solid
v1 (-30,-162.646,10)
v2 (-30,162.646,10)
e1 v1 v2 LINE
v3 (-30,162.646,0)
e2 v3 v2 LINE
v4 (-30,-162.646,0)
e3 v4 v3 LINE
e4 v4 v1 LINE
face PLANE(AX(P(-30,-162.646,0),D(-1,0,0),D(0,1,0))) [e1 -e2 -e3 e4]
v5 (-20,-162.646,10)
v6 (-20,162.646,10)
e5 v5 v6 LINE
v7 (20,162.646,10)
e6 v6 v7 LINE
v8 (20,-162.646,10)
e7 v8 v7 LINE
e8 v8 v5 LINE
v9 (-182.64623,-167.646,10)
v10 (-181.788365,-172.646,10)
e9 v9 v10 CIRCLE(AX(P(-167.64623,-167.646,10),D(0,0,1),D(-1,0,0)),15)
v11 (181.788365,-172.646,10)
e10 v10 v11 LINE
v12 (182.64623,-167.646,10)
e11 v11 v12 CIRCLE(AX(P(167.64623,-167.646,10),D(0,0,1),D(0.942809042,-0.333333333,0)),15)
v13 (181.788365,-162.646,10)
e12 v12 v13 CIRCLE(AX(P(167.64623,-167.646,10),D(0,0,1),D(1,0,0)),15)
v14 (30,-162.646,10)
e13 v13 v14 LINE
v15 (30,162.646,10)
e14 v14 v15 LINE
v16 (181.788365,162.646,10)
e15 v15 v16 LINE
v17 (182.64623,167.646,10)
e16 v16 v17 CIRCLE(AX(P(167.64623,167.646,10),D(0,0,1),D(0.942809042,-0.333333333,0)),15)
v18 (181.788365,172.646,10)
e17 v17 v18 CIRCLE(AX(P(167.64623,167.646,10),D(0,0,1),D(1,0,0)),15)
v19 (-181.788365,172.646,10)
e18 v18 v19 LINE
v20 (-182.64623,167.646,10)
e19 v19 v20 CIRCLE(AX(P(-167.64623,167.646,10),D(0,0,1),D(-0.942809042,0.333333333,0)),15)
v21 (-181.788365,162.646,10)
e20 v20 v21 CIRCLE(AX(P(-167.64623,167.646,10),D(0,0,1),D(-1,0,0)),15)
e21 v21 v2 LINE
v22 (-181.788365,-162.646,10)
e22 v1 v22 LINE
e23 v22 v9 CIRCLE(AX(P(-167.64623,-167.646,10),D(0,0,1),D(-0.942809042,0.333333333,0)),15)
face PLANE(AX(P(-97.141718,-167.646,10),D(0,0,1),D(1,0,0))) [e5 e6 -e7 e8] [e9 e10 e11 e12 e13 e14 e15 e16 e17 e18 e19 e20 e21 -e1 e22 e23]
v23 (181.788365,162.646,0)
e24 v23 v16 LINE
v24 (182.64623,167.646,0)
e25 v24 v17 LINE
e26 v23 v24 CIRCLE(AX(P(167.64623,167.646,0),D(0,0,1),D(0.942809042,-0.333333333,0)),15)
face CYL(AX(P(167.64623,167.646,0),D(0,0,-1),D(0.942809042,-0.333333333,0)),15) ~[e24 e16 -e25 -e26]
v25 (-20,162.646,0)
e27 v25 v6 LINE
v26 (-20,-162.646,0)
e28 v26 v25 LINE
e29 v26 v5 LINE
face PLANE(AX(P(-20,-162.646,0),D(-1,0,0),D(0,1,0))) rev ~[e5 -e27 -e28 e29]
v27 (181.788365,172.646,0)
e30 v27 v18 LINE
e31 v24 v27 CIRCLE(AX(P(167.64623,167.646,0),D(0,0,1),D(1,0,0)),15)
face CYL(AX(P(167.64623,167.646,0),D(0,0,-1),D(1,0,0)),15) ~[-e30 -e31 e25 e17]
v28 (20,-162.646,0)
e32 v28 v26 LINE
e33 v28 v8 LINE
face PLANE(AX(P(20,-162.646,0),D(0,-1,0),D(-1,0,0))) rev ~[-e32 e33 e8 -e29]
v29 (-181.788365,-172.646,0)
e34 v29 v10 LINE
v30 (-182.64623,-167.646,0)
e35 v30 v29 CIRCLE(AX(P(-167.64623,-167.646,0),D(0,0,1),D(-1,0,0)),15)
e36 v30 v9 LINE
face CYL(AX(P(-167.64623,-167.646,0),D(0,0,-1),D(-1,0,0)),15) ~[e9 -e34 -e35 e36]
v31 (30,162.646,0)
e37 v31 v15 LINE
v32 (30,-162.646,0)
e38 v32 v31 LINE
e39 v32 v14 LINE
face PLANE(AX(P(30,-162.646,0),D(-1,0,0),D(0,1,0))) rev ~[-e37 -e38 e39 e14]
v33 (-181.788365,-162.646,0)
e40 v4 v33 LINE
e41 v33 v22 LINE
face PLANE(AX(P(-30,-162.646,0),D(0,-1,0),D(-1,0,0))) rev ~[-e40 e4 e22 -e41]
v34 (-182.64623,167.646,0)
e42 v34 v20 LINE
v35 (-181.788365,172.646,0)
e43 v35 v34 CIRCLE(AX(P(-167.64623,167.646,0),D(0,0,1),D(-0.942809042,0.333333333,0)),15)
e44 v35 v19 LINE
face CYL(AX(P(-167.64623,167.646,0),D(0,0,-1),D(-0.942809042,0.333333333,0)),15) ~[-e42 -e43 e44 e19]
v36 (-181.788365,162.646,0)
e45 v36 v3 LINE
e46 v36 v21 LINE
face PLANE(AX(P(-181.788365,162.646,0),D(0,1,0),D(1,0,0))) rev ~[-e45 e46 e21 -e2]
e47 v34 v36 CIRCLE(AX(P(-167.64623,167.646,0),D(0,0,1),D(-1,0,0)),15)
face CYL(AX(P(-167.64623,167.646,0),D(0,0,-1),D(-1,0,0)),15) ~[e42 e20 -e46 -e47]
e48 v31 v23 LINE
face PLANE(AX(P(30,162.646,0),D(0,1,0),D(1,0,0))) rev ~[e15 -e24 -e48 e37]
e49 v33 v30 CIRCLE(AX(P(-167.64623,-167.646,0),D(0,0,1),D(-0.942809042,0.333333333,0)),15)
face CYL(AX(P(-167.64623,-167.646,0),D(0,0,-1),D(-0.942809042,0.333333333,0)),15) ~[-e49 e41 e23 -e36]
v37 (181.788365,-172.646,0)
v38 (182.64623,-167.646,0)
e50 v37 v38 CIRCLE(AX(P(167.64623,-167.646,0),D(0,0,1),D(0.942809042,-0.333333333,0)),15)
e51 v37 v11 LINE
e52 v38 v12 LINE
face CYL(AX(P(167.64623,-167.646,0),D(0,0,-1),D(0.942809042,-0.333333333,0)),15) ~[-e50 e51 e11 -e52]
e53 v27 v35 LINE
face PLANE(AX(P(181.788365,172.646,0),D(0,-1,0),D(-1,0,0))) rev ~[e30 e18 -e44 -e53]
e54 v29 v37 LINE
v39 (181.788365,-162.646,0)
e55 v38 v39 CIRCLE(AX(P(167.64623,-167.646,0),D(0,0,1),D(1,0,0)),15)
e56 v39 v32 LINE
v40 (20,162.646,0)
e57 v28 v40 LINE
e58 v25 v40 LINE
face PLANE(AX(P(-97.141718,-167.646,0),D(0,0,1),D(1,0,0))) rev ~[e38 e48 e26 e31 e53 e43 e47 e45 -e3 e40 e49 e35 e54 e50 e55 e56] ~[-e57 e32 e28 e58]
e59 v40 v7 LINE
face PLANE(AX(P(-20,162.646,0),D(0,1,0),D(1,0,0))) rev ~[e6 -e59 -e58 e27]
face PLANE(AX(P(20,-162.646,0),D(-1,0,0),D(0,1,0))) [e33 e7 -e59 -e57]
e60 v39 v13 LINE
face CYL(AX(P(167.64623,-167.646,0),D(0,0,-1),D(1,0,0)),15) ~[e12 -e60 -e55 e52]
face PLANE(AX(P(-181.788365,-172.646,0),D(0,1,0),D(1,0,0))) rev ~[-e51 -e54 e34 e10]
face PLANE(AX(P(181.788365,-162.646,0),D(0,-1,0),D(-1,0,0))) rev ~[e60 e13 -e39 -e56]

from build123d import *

# Parameters (mm, degrees)
F0_W     = 10
F0_H     = 325.292
F1_DEPTH = 10


with BuildPart() as f1:
    # F0 (on Top) → F1 (new body)
    with BuildSketch(Plane.XY):
        with BuildLine():
            ThreePointArc((-40.6462298632, -167.646), (-40.6708480908, -165.1455152953), (-40.7446932294, -162.646))
            Line((-40.7446932294, -162.646), (-153.5040942394, -162.646))
            ThreePointArc((-153.5040942394, -162.646), (-152.8622514684, -165.1094703191), (-152.6462298632, -167.646))
            ThreePointArc((-152.6462298632, -167.646), (-152.8622514684, -170.1825296809), (-153.5040942394, -172.646))
            Line((-153.5040942394, -172.646), (-40.7446932294, -172.646))
            ThreePointArc((-40.7446932294, -172.646), (-40.6708480908, -170.1464847047), (-40.6462298632, -167.646))
        make_face()
        with BuildLine():
            Line((-20, -162.646), (-30, -162.646))
            Line((-30, -162.646), (-40.7446932294, -162.646))
            ThreePointArc((-40.7446932294, -162.646), (-40.6708480908, -165.1455152953), (-40.6462298632, -167.646))
            ThreePointArc((-40.6462298632, -167.646), (-40.6708480908, -170.1464847047), (-40.7446932294, -172.646))
            Line((-40.7446932294, -172.646), (0, -172.646))
            Line((0, -172.646), (40.7446932294, -172.646))
            ThreePointArc((40.7446932294, -172.646), (40.6462298632, -167.646), (40.7446932294, -162.646))
            Line((40.7446932294, -162.646), (30, -162.646))
            Line((30, -162.646), (20, -162.646))
            Line((20, -162.646), (0, -162.646))
            Line((0, -162.646), (-20, -162.646))
        make_face()
        with BuildLine():
            ThreePointArc((40.7446932294, -162.646), (40.6462298632, -167.646), (40.7446932294, -172.646))
            Line((40.7446932294, -172.646), (153.5040942394, -172.646))
            ThreePointArc((153.5040942394, -172.646), (152.6462298632, -167.646), (153.5040942394, -162.646))
            Line((153.5040942394, -162.646), (40.7446932294, -162.646))
        make_face()
        with BuildLine():
            ThreePointArc((153.5040942394, -162.646), (152.6462298632, -167.646), (153.5040942394, -172.646))
            Line((153.5040942394, -172.646), (181.7883654869, -172.646))
            ThreePointArc((181.7883654869, -172.646), (182.430208258, -170.1825296809), (182.6462298632, -167.646))
            ThreePointArc((182.6462298632, -167.646), (182.430208258, -165.1094703191), (181.7883654869, -162.646))
            Line((181.7883654869, -162.646), (153.5040942394, -162.646))
        make_face()
        with BuildLine():
            ThreePointArc((-152.6462298632, -167.646), (-152.8622514684, -165.1094703191), (-153.5040942394, -162.646))
            Line((-153.5040942394, -162.646), (-181.7883654869, -162.646))
            ThreePointArc((-181.7883654869, -162.646), (-182.430208258, -165.1094703191), (-182.6462298632, -167.646))
            ThreePointArc((-182.6462298632, -167.646), (-182.430208258, -170.1825296809), (-181.7883654869, -172.646))
            Line((-181.7883654869, -172.646), (-153.5040942394, -172.646))
            ThreePointArc((-153.5040942394, -172.646), (-152.8622514684, -170.1825296809), (-152.6462298632, -167.646))
        make_face()
        with Locations((-25, 0)):
            Rectangle(F0_W, F0_H)
        with Locations((25, 0)):
            Rectangle(F0_W, F0_H)
        with BuildLine():
            Line((153.5040942394, 172.646), (40.7446932294, 172.646))
            ThreePointArc((40.7446932294, 172.646), (40.6462298632, 167.646), (40.7446932294, 162.646))
            Line((40.7446932294, 162.646), (153.5040942394, 162.646))
            ThreePointArc((153.5040942394, 162.646), (152.6462298632, 167.646), (153.5040942394, 172.646))
        make_face()
        with BuildLine():
            Line((0, 172.646), (0, 162.646))
            Line((0, 162.646), (20, 162.646))
            Line((20, 162.646), (30, 162.646))
            Line((30, 162.646), (40.7446932294, 162.646))
            ThreePointArc((40.7446932294, 162.646), (40.6462298632, 167.646), (40.7446932294, 172.646))
            Line((40.7446932294, 172.646), (0, 172.646))
        make_face()
        with BuildLine():
            Line((-40.7446932294, 162.646), (-30, 162.646))
            Line((-30, 162.646), (-20, 162.646))
            Line((-20, 162.646), (0, 162.646))
            Line((0, 162.646), (0, 172.646))
            Line((0, 172.646), (-40.7446932294, 172.646))
            ThreePointArc((-40.7446932294, 172.646), (-40.6708480908, 170.1464847047), (-40.6462298632, 167.646))
            ThreePointArc((-40.6462298632, 167.646), (-40.6708480908, 165.1455152953), (-40.7446932294, 162.646))
        make_face()
        with BuildLine():
            Line((-153.5040942394, 162.646), (-40.7446932294, 162.646))
            ThreePointArc((-40.7446932294, 162.646), (-40.6708480908, 165.1455152953), (-40.6462298632, 167.646))
            ThreePointArc((-40.6462298632, 167.646), (-40.6708480908, 170.1464847047), (-40.7446932294, 172.646))
            Line((-40.7446932294, 172.646), (-153.5040942394, 172.646))
            ThreePointArc((-153.5040942394, 172.646), (-152.8622514684, 170.1825296809), (-152.6462298632, 167.646))
            ThreePointArc((-152.6462298632, 167.646), (-152.8622514684, 165.1094703191), (-153.5040942394, 162.646))
        make_face()
        with BuildLine():
            Line((-181.7883654869, 162.646), (-153.5040942394, 162.646))
            ThreePointArc((-153.5040942394, 162.646), (-152.8622514684, 165.1094703191), (-152.6462298632, 167.646))
            ThreePointArc((-152.6462298632, 167.646), (-152.8622514684, 170.1825296809), (-153.5040942394, 172.646))
            Line((-153.5040942394, 172.646), (-181.7883654869, 172.646))
            ThreePointArc((-181.7883654869, 172.646), (-182.430208258, 170.1825296809), (-182.6462298632, 167.646))
            ThreePointArc((-182.6462298632, 167.646), (-182.430208258, 165.1094703191), (-181.7883654869, 162.646))
        make_face()
        with BuildLine():
            Line((181.7883654869, 172.646), (153.5040942394, 172.646))
            ThreePointArc((153.5040942394, 172.646), (152.6462298632, 167.646), (153.5040942394, 162.646))
            Line((153.5040942394, 162.646), (181.7883654869, 162.646))
            ThreePointArc((181.7883654869, 162.646), (182.430208258, 165.1094703191), (182.6462298632, 167.646))
            ThreePointArc((182.6462298632, 167.646), (182.430208258, 170.1825296809), (181.7883654869, 172.646))
        make_face()
    extrude(amount=F1_DEPTH)


solid = f1.part
